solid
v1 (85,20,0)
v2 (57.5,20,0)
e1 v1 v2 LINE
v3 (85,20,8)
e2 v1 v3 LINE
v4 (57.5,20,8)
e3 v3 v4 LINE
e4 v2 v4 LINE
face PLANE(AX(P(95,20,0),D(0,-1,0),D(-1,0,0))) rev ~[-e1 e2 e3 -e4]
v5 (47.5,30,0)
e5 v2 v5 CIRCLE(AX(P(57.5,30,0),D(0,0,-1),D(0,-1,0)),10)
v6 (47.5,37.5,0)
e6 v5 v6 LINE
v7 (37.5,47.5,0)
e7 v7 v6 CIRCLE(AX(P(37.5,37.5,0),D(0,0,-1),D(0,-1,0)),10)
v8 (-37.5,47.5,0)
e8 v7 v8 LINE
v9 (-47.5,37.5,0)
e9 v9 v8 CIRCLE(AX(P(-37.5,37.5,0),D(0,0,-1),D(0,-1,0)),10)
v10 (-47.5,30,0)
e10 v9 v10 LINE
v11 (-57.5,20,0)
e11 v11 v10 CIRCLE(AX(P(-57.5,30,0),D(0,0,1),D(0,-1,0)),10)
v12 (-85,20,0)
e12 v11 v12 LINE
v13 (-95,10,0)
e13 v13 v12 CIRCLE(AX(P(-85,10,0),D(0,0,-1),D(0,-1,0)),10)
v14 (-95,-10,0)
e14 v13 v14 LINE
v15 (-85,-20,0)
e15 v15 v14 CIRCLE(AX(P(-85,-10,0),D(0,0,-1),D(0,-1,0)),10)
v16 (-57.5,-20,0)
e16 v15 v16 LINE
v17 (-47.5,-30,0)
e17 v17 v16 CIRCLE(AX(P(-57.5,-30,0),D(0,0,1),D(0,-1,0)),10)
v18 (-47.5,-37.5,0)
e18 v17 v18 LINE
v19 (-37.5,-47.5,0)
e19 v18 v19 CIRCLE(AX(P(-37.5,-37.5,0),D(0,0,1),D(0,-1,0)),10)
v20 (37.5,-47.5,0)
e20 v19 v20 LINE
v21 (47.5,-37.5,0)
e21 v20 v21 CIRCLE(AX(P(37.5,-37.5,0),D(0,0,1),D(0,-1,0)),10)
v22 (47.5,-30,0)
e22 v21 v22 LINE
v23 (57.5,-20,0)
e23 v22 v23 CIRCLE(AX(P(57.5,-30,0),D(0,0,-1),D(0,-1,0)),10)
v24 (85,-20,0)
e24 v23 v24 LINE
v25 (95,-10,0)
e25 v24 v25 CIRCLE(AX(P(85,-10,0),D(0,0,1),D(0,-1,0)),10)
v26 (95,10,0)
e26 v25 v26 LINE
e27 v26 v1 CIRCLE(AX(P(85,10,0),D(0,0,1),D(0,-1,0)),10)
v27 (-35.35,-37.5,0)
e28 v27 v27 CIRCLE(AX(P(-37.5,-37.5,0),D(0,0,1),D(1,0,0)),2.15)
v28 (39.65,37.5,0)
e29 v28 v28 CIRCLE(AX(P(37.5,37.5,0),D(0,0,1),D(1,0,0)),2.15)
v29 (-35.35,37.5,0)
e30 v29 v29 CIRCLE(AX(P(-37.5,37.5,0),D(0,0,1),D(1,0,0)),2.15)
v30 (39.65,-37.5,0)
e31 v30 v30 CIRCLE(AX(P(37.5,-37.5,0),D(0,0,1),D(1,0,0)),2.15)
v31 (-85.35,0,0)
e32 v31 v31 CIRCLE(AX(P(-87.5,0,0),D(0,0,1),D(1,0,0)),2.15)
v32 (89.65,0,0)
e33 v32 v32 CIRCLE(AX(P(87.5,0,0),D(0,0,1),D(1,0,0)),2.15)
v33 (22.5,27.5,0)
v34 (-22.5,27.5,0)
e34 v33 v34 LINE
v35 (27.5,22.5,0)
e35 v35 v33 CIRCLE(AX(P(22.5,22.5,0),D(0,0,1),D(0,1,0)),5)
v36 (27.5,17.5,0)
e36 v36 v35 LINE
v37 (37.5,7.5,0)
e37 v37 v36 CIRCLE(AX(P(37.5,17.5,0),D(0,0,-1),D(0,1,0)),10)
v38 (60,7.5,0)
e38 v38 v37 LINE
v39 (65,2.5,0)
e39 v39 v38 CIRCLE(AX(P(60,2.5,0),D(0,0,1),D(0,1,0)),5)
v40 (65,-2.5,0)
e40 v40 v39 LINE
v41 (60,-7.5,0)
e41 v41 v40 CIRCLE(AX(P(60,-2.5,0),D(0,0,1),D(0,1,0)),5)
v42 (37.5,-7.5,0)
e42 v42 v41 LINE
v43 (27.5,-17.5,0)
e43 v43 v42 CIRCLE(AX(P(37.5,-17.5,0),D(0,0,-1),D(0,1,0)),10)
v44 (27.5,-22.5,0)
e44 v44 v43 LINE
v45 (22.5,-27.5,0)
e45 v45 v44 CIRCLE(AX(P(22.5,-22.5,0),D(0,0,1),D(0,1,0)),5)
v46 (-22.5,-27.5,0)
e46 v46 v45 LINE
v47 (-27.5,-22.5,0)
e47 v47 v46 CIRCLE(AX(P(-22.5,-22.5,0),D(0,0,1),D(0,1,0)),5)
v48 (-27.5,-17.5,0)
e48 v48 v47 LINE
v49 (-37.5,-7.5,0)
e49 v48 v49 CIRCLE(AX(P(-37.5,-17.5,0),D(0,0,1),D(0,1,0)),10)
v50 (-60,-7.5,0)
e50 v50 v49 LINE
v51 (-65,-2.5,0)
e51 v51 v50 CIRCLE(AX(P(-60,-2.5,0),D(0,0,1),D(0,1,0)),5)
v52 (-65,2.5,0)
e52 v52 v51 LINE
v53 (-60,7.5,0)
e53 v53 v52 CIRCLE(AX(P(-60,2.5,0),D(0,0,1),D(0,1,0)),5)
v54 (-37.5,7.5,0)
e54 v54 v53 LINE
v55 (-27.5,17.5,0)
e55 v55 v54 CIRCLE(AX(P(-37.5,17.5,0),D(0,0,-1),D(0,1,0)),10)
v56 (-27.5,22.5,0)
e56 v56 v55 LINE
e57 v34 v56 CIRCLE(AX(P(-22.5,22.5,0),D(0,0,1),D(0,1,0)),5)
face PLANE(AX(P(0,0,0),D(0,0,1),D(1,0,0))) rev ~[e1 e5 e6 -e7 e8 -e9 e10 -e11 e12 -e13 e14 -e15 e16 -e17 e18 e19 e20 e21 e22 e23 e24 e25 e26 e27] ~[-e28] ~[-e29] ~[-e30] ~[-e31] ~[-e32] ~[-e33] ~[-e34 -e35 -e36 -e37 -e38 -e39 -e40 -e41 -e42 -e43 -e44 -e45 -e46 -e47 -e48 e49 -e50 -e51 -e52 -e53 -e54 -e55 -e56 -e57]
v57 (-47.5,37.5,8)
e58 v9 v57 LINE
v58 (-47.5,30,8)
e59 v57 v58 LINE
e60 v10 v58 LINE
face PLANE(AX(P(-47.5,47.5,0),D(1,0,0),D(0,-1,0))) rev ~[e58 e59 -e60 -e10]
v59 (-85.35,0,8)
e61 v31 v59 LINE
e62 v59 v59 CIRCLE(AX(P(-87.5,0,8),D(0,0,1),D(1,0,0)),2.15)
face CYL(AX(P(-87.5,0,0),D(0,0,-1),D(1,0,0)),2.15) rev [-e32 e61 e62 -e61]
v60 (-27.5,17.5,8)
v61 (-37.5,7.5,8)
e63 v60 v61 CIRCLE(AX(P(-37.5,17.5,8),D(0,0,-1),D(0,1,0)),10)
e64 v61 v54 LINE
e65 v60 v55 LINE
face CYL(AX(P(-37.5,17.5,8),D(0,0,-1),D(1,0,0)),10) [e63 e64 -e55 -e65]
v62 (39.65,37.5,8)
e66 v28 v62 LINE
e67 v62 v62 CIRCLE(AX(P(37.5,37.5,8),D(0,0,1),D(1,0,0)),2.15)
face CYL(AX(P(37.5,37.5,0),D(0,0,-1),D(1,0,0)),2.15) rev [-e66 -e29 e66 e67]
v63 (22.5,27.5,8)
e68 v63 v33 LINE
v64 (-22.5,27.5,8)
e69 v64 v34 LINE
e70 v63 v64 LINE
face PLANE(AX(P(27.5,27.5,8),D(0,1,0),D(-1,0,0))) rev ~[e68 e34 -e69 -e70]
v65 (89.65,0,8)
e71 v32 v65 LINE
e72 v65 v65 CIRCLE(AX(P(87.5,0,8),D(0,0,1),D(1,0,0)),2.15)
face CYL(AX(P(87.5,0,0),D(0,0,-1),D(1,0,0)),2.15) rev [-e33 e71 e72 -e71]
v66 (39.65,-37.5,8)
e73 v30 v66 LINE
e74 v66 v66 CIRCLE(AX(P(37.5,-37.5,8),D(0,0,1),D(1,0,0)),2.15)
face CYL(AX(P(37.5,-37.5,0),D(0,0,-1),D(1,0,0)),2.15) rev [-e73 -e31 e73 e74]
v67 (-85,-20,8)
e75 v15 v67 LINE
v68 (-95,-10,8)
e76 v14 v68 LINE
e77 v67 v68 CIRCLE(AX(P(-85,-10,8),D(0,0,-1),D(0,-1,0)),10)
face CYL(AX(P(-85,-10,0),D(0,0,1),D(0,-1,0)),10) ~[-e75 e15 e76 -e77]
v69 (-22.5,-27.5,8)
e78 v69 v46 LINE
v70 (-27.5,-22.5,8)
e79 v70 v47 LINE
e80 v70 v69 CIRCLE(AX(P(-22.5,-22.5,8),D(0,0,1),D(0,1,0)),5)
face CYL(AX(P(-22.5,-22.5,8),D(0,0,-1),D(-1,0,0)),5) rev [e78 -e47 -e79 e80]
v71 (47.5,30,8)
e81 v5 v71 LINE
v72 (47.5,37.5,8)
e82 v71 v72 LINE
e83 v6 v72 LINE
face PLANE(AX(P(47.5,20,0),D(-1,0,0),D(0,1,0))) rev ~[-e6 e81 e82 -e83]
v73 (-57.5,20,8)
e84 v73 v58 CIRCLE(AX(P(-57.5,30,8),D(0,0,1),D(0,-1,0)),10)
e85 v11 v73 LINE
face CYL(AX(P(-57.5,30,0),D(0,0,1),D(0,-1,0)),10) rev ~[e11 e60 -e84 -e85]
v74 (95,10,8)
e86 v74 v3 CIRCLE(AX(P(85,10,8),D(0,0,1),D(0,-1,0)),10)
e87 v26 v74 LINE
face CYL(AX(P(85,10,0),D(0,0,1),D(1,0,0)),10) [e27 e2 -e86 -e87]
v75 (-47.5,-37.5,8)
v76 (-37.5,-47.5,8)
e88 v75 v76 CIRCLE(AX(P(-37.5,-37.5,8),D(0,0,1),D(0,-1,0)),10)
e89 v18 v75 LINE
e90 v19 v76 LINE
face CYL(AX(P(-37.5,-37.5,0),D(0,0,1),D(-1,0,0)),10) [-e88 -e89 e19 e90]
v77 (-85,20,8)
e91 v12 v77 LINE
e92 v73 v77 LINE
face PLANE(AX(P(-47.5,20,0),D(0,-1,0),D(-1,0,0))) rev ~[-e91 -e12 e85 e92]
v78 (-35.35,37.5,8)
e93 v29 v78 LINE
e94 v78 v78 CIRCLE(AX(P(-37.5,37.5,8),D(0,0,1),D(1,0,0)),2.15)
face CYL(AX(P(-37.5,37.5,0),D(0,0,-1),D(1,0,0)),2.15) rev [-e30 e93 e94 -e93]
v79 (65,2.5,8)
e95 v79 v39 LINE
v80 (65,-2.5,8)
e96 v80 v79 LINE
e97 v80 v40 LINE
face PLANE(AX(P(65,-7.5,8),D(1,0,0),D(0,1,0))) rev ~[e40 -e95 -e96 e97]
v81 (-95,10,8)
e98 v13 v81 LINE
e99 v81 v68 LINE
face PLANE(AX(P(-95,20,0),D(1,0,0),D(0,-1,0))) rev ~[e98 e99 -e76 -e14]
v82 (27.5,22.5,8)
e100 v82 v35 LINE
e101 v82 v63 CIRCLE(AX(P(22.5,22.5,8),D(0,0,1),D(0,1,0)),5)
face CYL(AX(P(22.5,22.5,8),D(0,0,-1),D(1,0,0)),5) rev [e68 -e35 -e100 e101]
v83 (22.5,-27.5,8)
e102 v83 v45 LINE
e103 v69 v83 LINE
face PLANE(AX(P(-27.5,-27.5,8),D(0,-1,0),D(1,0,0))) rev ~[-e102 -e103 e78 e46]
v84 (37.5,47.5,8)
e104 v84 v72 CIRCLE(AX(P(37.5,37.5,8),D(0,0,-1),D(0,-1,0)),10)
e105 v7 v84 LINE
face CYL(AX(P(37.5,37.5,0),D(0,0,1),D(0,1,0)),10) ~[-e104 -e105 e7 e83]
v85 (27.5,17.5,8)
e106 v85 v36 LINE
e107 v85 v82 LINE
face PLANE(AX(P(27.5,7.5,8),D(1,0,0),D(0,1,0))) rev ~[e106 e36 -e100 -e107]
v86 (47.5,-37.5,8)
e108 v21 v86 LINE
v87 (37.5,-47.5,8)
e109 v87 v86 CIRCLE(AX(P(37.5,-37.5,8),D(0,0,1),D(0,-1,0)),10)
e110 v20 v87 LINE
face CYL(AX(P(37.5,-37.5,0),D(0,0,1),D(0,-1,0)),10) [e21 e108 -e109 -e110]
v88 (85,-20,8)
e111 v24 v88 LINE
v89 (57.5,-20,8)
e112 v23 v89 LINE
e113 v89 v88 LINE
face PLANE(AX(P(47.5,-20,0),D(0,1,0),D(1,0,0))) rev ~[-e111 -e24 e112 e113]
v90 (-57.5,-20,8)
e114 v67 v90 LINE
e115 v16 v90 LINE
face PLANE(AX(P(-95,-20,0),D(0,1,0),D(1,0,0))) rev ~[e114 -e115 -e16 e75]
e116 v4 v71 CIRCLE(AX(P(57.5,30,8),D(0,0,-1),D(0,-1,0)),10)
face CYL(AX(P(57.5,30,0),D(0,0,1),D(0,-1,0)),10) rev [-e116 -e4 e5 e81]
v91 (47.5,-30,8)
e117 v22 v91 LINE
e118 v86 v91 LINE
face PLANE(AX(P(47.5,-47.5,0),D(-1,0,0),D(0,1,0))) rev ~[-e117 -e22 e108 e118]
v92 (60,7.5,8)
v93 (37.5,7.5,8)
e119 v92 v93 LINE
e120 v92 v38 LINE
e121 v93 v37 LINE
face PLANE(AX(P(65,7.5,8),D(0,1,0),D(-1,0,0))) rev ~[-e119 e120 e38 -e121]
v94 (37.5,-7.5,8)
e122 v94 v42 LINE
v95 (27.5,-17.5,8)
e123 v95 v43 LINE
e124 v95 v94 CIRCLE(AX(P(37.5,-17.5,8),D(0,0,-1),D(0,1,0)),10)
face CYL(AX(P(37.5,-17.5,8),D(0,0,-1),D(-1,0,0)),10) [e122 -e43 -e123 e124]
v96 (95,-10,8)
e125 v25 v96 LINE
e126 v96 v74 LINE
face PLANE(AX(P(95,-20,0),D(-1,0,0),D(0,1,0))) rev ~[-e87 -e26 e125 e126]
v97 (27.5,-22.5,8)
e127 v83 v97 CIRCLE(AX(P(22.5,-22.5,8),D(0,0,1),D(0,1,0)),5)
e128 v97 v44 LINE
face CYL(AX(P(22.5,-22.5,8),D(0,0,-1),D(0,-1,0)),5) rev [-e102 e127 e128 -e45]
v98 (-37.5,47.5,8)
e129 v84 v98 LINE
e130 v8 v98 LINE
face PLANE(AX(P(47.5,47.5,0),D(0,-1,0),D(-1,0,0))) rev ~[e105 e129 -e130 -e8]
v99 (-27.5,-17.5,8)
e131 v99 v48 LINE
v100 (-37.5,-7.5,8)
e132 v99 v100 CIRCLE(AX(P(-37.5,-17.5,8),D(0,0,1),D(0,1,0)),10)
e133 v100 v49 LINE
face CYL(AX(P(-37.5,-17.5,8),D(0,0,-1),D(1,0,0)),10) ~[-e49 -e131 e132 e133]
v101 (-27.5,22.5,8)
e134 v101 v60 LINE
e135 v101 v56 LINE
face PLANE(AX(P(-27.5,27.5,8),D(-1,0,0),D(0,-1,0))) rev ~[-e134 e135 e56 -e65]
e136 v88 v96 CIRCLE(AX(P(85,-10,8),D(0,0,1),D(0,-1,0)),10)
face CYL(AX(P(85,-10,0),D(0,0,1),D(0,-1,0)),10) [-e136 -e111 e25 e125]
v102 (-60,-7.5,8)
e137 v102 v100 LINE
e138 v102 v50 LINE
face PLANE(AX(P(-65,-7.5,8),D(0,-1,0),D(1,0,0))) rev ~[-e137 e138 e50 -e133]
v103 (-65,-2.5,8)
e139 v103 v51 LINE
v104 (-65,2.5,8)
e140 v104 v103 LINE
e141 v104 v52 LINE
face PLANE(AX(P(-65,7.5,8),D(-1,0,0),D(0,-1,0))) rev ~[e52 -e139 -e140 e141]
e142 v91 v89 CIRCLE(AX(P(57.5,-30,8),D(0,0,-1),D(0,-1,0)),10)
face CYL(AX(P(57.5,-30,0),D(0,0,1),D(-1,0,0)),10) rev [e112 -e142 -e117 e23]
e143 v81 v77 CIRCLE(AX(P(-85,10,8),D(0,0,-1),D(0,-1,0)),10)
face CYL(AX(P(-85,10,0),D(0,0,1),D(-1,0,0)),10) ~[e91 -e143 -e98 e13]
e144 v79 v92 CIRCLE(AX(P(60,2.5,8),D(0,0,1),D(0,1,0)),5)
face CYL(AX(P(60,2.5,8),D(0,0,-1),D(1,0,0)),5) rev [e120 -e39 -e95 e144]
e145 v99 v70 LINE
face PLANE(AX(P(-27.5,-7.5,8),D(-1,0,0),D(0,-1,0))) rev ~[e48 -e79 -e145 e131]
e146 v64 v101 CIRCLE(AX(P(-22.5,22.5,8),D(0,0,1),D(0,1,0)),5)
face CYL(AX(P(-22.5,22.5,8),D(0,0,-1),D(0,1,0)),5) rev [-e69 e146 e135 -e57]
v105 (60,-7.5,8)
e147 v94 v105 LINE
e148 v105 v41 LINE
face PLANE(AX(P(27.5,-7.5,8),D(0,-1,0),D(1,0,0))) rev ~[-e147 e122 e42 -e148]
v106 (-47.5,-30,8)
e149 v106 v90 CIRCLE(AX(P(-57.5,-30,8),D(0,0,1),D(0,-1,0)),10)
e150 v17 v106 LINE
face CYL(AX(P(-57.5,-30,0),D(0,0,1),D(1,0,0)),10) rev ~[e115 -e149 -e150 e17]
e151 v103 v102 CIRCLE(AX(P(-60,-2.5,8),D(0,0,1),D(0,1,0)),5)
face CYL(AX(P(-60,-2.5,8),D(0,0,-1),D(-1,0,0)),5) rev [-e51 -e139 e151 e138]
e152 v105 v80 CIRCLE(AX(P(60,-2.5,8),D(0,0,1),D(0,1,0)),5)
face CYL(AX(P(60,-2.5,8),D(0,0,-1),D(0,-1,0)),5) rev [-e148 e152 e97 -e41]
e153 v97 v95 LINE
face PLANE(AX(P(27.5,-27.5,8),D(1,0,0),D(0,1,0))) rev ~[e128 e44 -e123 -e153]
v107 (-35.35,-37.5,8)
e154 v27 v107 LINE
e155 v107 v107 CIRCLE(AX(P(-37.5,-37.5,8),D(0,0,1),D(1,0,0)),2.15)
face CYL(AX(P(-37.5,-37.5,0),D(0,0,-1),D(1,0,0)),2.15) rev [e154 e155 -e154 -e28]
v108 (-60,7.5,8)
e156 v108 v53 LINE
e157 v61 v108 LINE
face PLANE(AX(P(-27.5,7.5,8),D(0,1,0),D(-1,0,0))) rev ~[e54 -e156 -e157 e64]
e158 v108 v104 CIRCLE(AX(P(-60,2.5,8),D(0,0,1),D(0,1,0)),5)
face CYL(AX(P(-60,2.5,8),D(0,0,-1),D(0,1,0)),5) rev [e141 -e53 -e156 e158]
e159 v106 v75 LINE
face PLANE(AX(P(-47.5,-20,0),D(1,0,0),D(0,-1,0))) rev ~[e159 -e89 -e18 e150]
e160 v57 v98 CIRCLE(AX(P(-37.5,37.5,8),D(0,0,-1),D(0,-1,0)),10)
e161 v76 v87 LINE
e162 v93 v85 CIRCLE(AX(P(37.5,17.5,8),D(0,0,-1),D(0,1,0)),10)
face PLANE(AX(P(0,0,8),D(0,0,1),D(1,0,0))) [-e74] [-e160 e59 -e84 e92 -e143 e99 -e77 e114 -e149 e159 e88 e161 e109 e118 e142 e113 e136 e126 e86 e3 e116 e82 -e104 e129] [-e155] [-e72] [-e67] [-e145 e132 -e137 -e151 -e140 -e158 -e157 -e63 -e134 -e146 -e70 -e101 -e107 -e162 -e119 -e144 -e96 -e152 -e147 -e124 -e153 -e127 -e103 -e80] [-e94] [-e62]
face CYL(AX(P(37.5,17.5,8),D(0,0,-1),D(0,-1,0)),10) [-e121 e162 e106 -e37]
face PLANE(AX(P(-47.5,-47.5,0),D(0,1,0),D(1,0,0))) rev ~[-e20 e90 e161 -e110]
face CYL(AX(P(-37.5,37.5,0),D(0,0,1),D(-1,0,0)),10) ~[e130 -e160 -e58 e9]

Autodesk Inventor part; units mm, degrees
ref_plane "YZ Plane" through (0, 0, 0) normal (1, 0, 0) x (0, 1, 0)
ref_plane "XZ Plane" through (0, 0, 0) normal (0, 1, 0) x (-1, 0, 0)
ref_plane "XY Plane" through (0, 0, 0) normal (0, 0, 1) x (1, 0, 0)
sketch "Sketch1" plane through (0, 0, 0) normal (0, 0, 1) x (1, 0, 0)
  line L0 (-50, -50) -> (50, -50) construction
  line L1 (50, -50) -> (50, 50) construction
  line L2 (50, 50) -> (-50, 50) construction
  line L3 (-50, 50) -> (-50, -50) construction
  line L4 (-50, -50) -> (50, 50) construction
  line L5 (50, -50) -> (-50, 50) construction
  line L6 (-37.5, -37.5) -> (37.5, -37.5) construction
  line L7 (37.5, -37.5) -> (37.5, 37.5) construction
  line L8 (37.5, 37.5) -> (-37.5, 37.5) construction
  line L9 (-37.5, 37.5) -> (-37.5, -37.5) construction
  line L10 (-37.5, -37.5) -> (37.5, 37.5) construction
  line L11 (37.5, -37.5) -> (-37.5, 37.5) construction
  line L12 (-47.5, -47.5) -> (47.5, -47.5)
  line L13 (47.5, -47.5) -> (47.5, 47.5)
  line L14 (47.5, 47.5) -> (-47.5, 47.5)
  line L15 (-47.5, 47.5) -> (-47.5, -47.5)
  line L16 (-47.5, -47.5) -> (47.5, 47.5) construction
  line L17 (47.5, -47.5) -> (-47.5, 47.5) construction
  circle A0 centre (-50, 50) radius 2.15
  circle A1 centre (-37.5, 37.5) radius 2.15
  circle A2 centre (37.5, 37.5) radius 2.15
  circle A3 centre (-37.5, -37.5) radius 2.15
  circle A4 centre (37.5, -37.5) radius 2.15
  circle A5 centre (50, 50) radius 2.15
  circle A6 centre (-50, -50) radius 2.15
  circle A7 centre (50, -50) radius 2.15
  line L18 (-95, -20) -> (95, -20)
  line L19 (95, -20) -> (95, 20)
  line L20 (95, 20) -> (-95, 20)
  line L21 (-95, 20) -> (-95, -20)
  line L22 (-95, -20) -> (95, 20) construction
  line L23 (95, -20) -> (-95, 20) construction
  circle A8 centre (87.5, 0) radius 2.15
  line L24 (0, 0) -> (0, 12.464) construction
  circle A9 centre (-87.5, 0) radius 2.15
  point P0 (-47.5, -20)
  point P1 (-47.5, 20)
  point P2 (47.5, 20)
  point P3 (47.5, -20)
  dimension "d0" = 100
  dimension "d1" = 100
  dimension "d2" = 75
  dimension "d3" = 75
  dimension "d4" = 95
  dimension "d5" = 95
  dimension "d6" = 4.3
  dimension "d7" = 4.3
  dimension "d10" = 75
  dimension "d13" = 75
  dimension "d18" = 100
  dimension "d21" = 100
  dimension "d31" = 40
  dimension "d32" = 4.3
  dimension "d33" = 87.5
  dimension "d34" = 7.5
extrude "Extrusion1" add sketch "Sketch1" along normal blind 8 contours L15 L18 L13 L12 | L18 L21 L20 L15 | L15 L20 L13 L18 | L13 L20 L19 L18 | L15 L14 L13 L20
sketch "Sketch3" plane through (0, 0, 8) normal (0, 0, 1) x (1, 0, 0)
  line L0 (47.5, 47.5) -> (-47.5, 47.5) projected
  line L1 (-47.5, 47.5) -> (-47.5, 20) projected
  line L2 (-47.5, 20) -> (-95, 20) projected
  line L3 (-95, 20) -> (-95, -20) projected
  line L4 (-95, -20) -> (-47.5, -20) projected
  line L5 (-47.5, -20) -> (-47.5, -47.5) projected
  line L6 (-47.5, -47.5) -> (47.5, -47.5) projected
  line L7 (47.5, -47.5) -> (47.5, -20) projected
  line L8 (47.5, -20) -> (95, -20) projected
  line L9 (95, -20) -> (95, 20) projected
  line L10 (95, 20) -> (47.5, 20) projected
  line L11 (47.5, 20) -> (47.5, 47.5) projected
  line L12 (-27.5, -27.5) -> (27.5, -27.5)
  line L13 (27.5, -27.5) -> (27.5, 27.5)
  line L14 (27.5, 27.5) -> (-27.5, 27.5)
  line L15 (-27.5, 27.5) -> (-27.5, -27.5)
  line L16 (-27.5, -27.5) -> (27.5, 27.5) construction
  line L17 (27.5, -27.5) -> (-27.5, 27.5) construction
  line L18 (-65, -7.5) -> (65, -7.5)
  line L19 (65, -7.5) -> (65, 7.5)
  line L20 (65, 7.5) -> (-65, 7.5)
  line L21 (-65, 7.5) -> (-65, -7.5)
  line L22 (-65, -7.5) -> (65, 7.5) construction
  line L23 (65, -7.5) -> (-65, 7.5) construction
  point P0 (0, 0)
  point P1 (-27.5, 7.5)
  point P2 (-27.5, -7.5)
  point P3 (27.5, -7.5)
  point P4 (27.5, 7.5)
  dimension "d35" = 55
  dimension "d36" = 55
  dimension "d37" = 130
  dimension "d38" = 15
extrude "Extrusion3" cut sketch "Sketch3" against normal through all contours L15 L18 L13 L12 | L18 L21 L20 L15 | L15 L20 L13 L18 | L13 L20 L19 L18 | L15 L14 L13 L20
fillet "Fillet1" radius 10 16 edges at (-47.5, -47.5, 4) (-47.5, -20, 4) (-95, -20, 4) (-47.5, 47.5, 4) (-95, 20, 4) (47.5, 47.5, 4) (95, 20, 4) (47.5, 20, 4) (95, -20, 4) (47.5, -20, 4) (47.5, -47.5, 4) (-47.5, 20, 4) (27.5, -7.5, 4) (27.5, 7.5, 4) (-27.5, 7.5, 4) (-27.5, -7.5, 4)
fillet "Fillet1" radius 5 8 edges at (27.5, 27.5, 4) (65, 7.5, 4) (65, -7.5, 4) (27.5, -27.5, 4) (-27.5, -27.5, 4) (-27.5, 27.5, 4) (-65, -7.5, 4) (-65, 7.5, 4)
equation "\"d1\" = d0"
equation "\"d5\" = d4"
equation "\"d35\" = d36"
properties part number "Power_box"
